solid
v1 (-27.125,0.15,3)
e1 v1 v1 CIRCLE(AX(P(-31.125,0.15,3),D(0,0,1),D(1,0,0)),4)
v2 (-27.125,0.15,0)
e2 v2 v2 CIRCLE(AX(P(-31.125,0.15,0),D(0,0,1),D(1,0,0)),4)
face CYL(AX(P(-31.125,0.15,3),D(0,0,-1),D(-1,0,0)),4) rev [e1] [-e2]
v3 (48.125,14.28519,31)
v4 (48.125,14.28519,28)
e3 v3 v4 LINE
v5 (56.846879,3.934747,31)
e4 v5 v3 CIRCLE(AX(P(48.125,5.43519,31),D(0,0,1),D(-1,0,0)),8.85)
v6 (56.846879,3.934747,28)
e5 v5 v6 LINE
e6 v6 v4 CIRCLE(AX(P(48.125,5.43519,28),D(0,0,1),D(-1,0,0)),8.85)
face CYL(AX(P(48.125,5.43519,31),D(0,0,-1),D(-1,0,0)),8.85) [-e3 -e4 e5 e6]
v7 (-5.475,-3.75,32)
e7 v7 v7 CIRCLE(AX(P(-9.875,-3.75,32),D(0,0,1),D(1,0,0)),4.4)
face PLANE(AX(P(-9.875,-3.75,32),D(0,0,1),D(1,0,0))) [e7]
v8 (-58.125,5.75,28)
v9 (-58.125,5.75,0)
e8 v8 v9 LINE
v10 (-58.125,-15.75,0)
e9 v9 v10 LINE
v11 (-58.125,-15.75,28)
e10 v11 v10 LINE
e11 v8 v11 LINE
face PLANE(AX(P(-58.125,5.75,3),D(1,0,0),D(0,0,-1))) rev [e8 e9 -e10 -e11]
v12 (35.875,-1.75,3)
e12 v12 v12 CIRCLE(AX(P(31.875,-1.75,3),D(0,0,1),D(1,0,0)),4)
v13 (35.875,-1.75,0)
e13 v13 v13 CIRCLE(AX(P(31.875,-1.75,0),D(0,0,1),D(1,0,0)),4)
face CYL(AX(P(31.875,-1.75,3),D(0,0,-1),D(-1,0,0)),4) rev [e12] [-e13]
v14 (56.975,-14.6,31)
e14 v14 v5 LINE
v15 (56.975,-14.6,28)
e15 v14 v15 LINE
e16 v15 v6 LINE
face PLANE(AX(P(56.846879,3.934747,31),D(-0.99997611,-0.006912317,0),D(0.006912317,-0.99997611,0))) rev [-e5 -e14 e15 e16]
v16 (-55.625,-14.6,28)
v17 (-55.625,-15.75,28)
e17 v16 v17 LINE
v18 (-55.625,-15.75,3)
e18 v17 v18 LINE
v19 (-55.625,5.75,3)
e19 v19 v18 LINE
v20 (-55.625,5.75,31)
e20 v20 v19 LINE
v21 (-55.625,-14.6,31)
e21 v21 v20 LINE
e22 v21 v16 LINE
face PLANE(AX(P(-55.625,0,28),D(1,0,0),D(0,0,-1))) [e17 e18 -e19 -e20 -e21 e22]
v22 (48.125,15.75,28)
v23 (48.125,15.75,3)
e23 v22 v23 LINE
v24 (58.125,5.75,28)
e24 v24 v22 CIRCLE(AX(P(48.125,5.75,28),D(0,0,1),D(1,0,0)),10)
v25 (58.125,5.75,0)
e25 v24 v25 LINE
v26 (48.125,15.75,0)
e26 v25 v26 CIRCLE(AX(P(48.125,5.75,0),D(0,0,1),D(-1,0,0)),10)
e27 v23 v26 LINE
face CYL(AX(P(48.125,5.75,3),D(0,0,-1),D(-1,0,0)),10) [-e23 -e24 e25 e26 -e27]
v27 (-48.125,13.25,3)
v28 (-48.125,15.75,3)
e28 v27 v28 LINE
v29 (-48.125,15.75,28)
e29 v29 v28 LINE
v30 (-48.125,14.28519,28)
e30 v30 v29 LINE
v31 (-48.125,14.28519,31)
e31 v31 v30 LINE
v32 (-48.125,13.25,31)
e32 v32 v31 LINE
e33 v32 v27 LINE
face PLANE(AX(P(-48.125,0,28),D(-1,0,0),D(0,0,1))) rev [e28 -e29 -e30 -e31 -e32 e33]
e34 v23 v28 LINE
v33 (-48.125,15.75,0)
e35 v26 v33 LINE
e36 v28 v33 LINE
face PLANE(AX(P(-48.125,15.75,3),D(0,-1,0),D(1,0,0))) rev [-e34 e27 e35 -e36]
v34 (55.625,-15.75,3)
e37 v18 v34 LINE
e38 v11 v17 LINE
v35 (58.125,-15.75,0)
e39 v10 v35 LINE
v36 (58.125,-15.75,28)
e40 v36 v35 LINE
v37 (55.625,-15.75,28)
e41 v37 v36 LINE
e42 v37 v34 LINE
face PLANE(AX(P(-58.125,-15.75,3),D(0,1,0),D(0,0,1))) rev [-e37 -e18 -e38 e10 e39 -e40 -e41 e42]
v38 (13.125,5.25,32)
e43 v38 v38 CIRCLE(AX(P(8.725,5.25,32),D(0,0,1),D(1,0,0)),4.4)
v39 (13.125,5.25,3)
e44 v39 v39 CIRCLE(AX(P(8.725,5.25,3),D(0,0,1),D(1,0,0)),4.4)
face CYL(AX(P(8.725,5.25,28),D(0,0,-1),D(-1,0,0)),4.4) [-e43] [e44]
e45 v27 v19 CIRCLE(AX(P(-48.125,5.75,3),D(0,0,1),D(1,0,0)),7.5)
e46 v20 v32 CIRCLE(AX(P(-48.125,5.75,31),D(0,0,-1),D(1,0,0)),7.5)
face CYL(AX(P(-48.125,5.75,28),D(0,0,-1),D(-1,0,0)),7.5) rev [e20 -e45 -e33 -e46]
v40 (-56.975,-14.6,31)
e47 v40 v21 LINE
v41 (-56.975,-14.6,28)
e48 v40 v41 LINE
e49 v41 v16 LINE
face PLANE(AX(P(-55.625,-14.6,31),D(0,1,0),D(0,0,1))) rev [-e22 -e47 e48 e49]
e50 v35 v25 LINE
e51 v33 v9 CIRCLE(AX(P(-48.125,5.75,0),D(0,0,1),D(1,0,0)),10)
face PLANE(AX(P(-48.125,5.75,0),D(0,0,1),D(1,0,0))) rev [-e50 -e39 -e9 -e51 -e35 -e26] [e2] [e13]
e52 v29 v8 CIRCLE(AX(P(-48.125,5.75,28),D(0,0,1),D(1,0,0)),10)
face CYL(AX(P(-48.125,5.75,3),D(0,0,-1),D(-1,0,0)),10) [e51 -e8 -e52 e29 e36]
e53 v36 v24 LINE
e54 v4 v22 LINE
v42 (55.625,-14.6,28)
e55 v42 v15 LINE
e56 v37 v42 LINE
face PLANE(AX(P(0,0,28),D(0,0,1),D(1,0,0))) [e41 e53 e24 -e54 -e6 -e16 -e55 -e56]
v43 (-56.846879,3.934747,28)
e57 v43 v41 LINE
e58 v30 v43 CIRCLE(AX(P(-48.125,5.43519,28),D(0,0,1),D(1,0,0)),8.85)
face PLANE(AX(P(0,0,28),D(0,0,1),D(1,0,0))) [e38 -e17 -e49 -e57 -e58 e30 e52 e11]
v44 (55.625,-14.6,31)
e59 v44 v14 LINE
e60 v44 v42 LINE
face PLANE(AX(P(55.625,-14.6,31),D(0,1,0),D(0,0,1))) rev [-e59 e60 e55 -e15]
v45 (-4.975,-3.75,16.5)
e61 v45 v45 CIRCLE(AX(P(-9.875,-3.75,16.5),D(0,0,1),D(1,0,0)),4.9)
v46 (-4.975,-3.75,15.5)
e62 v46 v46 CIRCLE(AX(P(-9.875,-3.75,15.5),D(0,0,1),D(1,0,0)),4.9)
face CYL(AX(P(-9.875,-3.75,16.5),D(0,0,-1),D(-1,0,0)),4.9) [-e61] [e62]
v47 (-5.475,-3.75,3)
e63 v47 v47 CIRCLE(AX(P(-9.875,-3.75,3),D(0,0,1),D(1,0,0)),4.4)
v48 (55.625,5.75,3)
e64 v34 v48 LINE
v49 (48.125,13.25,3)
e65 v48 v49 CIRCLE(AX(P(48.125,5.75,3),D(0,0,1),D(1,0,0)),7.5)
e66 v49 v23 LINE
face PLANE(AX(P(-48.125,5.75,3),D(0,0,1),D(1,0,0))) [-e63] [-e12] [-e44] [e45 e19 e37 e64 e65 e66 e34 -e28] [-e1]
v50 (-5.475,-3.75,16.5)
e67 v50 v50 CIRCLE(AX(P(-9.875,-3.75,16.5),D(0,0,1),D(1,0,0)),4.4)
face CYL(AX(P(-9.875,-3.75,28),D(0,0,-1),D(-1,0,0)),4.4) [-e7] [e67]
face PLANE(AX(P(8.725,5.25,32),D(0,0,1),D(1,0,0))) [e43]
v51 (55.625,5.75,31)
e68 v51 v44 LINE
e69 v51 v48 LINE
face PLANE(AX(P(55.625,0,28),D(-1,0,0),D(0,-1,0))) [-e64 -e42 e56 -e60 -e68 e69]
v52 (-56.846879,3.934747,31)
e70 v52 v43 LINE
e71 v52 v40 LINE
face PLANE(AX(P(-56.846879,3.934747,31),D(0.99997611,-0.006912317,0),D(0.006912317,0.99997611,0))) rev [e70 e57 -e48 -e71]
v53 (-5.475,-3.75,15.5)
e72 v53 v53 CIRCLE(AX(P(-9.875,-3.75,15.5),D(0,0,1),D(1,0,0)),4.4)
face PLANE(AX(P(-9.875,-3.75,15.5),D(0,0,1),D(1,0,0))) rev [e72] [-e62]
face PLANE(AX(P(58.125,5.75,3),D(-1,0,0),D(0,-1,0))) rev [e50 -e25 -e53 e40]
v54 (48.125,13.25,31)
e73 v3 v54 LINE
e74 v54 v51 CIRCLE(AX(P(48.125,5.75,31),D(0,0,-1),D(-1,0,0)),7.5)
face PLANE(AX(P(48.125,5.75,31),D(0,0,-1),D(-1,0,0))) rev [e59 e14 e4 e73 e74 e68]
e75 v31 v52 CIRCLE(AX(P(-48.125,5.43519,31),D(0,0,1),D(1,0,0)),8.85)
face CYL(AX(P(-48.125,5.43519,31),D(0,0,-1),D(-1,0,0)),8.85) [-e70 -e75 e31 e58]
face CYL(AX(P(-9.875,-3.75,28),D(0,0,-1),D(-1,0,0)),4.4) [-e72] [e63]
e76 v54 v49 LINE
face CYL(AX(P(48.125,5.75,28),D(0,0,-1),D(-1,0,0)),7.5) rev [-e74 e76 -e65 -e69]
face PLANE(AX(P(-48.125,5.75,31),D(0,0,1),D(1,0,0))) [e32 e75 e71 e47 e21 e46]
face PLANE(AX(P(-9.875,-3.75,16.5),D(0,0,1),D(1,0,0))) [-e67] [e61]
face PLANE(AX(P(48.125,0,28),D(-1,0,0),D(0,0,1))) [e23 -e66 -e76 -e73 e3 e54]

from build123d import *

# Parameters (mm, degrees)
SKETCH1_R           = 4
BOSS_EXTRUDE2_DEPTH = 3
SKETCH2_R           = 4.4
BOSS_EXTRUDE3_DEPTH = 25
CUT_EXTRUDE3_START  = -1
SKETCH10_R          = 4.4
CUT_EXTRUDE3_DEPTH  = 1
BOSS_EXTRUDE5_DEPTH = 3
SKETCH12_R          = 4.4
BOSS_EXTRUDE6_DEPTH = 5
SKETCH14_R          = 4.9
BOSS_EXTRUDE7_DEPTH = 1


with BuildPart() as part:
    # Sketch1 → Boss-Extrude2 (new body)
    with BuildSketch(Plane.XY):
        with BuildLine():
            Line((-48.125, 15.75), (48.125, 15.75))
            ThreePointArc((48.125, 15.75), (55.196067812, 12.821067812), (58.125, 5.75))
            Line((58.125, 5.75), (58.125, -15.75))
            Line((58.125, -15.75), (-58.125, -15.75))
            Line((-58.125, -15.75), (-58.125, 5.75))
            ThreePointArc((-58.125, 5.75), (-55.196067812, 12.821067812), (-48.125, 15.75))
        make_face()
        with Locations((31.875, -1.75)):
            Circle(SKETCH1_R, mode=Mode.SUBTRACT)
        with Locations((-31.125, 0.15)):
            Circle(SKETCH1_R, mode=Mode.SUBTRACT)
    extrude(amount=BOSS_EXTRUDE2_DEPTH)

    # Sketch2 → Boss-Extrude3 (add)
    with BuildSketch(Plane.XY.offset(3)):
        with Locations((8.725, 5.25)):
            Circle(SKETCH2_R)
        with Locations((-9.875, -3.75)):
            Circle(SKETCH2_R)
        with BuildLine():
            Line((55.625, 5.75), (55.625, -15.75))
            Line((55.625, -15.75), (58.125, -15.75))
            Line((58.125, -15.75), (58.125, 5.25))
            Line((58.125, 5.25), (58.125, 5.75))
            ThreePointArc((58.125, 5.75), (55.196067812, 12.821067812), (48.125, 15.75))
            Line((48.125, 15.75), (48.125, 13.25))
            ThreePointArc((48.125, 13.25), (53.428300859, 11.053300859), (55.625, 5.75))
        make_face()
        with BuildLine():
            Line((-58.125, -15.75), (-55.625, -15.75))
            Line((-55.625, -15.75), (-55.625, 5.75))
            ThreePointArc((-55.625, 5.75), (-53.428300859, 11.053300859), (-48.125, 13.25))
            Line((-48.125, 13.25), (-48.125, 15.75))
            ThreePointArc((-48.125, 15.75), (-55.196067812, 12.821067812), (-58.125, 5.75))
            Line((-58.125, 5.75), (-58.125, 5.25))
            Line((-58.125, 5.25), (-58.125, -15.75))
        make_face()
    extrude(amount=BOSS_EXTRUDE3_DEPTH)

    # Sketch10 → Cut-Extrude3 (cut)
    with BuildSketch(Plane.XY.offset(28).offset(CUT_EXTRUDE3_START)):
        with Locations((8.725, 5.25)):
            Circle(SKETCH10_R)
        with Locations((-9.875, -3.75)):
            Circle(SKETCH10_R)
    extrude(amount=CUT_EXTRUDE3_DEPTH, mode=Mode.SUBTRACT)

    # Sketch5 → Boss-Extrude5 (add)
    with BuildSketch(Plane.XY.offset(28)):
        with BuildLine():
            Line((-56.84687889, 3.934747007), (-56.975, -14.6))
            Line((-56.975, -14.6), (-55.625, -14.6))
            Line((-55.625, -14.6), (-55.625, 5.75))
            ThreePointArc((-55.625, 5.75), (-53.428300859, 11.053300859), (-48.125, 13.25))
            Line((-48.125, 13.25), (-48.125, 14.285189819))
            ThreePointArc((-48.125, 14.285189819), (-54.892622141, 11.137977782), (-56.84687889, 3.934747007))
        make_face()
        with BuildLine():
            Line((55.625, -14.6), (55.625, 5.75))
            ThreePointArc((55.625, 5.75), (53.428300859, 11.053300859), (48.125, 13.25))
            Line((48.125, 13.25), (48.125, 14.285189819))
            ThreePointArc((48.125, 14.285189819), (54.892622141, 11.137977782), (56.84687889, 3.934747007))
            Line((56.84687889, 3.934747007), (56.975, -14.6))
            Line((56.975, -14.6), (55.625, -14.6))
        make_face()
    extrude(amount=BOSS_EXTRUDE5_DEPTH)

    # Sketch12 → Boss-Extrude6 (add)
    with BuildSketch(Plane.XY.offset(27)):
        with Locations((-9.875, -3.75)):
            Circle(SKETCH12_R)
        with Locations((8.725, 5.25)):
            Circle(SKETCH12_R)
    extrude(amount=BOSS_EXTRUDE6_DEPTH)

    # Sketch14 → Boss-Extrude7 (add)
    with BuildSketch(Plane.XY.offset(15.5)):
        with Locations((-9.875, -3.75)):
            Circle(SKETCH14_R)
    extrude(amount=BOSS_EXTRUDE7_DEPTH)


solid = part.part
